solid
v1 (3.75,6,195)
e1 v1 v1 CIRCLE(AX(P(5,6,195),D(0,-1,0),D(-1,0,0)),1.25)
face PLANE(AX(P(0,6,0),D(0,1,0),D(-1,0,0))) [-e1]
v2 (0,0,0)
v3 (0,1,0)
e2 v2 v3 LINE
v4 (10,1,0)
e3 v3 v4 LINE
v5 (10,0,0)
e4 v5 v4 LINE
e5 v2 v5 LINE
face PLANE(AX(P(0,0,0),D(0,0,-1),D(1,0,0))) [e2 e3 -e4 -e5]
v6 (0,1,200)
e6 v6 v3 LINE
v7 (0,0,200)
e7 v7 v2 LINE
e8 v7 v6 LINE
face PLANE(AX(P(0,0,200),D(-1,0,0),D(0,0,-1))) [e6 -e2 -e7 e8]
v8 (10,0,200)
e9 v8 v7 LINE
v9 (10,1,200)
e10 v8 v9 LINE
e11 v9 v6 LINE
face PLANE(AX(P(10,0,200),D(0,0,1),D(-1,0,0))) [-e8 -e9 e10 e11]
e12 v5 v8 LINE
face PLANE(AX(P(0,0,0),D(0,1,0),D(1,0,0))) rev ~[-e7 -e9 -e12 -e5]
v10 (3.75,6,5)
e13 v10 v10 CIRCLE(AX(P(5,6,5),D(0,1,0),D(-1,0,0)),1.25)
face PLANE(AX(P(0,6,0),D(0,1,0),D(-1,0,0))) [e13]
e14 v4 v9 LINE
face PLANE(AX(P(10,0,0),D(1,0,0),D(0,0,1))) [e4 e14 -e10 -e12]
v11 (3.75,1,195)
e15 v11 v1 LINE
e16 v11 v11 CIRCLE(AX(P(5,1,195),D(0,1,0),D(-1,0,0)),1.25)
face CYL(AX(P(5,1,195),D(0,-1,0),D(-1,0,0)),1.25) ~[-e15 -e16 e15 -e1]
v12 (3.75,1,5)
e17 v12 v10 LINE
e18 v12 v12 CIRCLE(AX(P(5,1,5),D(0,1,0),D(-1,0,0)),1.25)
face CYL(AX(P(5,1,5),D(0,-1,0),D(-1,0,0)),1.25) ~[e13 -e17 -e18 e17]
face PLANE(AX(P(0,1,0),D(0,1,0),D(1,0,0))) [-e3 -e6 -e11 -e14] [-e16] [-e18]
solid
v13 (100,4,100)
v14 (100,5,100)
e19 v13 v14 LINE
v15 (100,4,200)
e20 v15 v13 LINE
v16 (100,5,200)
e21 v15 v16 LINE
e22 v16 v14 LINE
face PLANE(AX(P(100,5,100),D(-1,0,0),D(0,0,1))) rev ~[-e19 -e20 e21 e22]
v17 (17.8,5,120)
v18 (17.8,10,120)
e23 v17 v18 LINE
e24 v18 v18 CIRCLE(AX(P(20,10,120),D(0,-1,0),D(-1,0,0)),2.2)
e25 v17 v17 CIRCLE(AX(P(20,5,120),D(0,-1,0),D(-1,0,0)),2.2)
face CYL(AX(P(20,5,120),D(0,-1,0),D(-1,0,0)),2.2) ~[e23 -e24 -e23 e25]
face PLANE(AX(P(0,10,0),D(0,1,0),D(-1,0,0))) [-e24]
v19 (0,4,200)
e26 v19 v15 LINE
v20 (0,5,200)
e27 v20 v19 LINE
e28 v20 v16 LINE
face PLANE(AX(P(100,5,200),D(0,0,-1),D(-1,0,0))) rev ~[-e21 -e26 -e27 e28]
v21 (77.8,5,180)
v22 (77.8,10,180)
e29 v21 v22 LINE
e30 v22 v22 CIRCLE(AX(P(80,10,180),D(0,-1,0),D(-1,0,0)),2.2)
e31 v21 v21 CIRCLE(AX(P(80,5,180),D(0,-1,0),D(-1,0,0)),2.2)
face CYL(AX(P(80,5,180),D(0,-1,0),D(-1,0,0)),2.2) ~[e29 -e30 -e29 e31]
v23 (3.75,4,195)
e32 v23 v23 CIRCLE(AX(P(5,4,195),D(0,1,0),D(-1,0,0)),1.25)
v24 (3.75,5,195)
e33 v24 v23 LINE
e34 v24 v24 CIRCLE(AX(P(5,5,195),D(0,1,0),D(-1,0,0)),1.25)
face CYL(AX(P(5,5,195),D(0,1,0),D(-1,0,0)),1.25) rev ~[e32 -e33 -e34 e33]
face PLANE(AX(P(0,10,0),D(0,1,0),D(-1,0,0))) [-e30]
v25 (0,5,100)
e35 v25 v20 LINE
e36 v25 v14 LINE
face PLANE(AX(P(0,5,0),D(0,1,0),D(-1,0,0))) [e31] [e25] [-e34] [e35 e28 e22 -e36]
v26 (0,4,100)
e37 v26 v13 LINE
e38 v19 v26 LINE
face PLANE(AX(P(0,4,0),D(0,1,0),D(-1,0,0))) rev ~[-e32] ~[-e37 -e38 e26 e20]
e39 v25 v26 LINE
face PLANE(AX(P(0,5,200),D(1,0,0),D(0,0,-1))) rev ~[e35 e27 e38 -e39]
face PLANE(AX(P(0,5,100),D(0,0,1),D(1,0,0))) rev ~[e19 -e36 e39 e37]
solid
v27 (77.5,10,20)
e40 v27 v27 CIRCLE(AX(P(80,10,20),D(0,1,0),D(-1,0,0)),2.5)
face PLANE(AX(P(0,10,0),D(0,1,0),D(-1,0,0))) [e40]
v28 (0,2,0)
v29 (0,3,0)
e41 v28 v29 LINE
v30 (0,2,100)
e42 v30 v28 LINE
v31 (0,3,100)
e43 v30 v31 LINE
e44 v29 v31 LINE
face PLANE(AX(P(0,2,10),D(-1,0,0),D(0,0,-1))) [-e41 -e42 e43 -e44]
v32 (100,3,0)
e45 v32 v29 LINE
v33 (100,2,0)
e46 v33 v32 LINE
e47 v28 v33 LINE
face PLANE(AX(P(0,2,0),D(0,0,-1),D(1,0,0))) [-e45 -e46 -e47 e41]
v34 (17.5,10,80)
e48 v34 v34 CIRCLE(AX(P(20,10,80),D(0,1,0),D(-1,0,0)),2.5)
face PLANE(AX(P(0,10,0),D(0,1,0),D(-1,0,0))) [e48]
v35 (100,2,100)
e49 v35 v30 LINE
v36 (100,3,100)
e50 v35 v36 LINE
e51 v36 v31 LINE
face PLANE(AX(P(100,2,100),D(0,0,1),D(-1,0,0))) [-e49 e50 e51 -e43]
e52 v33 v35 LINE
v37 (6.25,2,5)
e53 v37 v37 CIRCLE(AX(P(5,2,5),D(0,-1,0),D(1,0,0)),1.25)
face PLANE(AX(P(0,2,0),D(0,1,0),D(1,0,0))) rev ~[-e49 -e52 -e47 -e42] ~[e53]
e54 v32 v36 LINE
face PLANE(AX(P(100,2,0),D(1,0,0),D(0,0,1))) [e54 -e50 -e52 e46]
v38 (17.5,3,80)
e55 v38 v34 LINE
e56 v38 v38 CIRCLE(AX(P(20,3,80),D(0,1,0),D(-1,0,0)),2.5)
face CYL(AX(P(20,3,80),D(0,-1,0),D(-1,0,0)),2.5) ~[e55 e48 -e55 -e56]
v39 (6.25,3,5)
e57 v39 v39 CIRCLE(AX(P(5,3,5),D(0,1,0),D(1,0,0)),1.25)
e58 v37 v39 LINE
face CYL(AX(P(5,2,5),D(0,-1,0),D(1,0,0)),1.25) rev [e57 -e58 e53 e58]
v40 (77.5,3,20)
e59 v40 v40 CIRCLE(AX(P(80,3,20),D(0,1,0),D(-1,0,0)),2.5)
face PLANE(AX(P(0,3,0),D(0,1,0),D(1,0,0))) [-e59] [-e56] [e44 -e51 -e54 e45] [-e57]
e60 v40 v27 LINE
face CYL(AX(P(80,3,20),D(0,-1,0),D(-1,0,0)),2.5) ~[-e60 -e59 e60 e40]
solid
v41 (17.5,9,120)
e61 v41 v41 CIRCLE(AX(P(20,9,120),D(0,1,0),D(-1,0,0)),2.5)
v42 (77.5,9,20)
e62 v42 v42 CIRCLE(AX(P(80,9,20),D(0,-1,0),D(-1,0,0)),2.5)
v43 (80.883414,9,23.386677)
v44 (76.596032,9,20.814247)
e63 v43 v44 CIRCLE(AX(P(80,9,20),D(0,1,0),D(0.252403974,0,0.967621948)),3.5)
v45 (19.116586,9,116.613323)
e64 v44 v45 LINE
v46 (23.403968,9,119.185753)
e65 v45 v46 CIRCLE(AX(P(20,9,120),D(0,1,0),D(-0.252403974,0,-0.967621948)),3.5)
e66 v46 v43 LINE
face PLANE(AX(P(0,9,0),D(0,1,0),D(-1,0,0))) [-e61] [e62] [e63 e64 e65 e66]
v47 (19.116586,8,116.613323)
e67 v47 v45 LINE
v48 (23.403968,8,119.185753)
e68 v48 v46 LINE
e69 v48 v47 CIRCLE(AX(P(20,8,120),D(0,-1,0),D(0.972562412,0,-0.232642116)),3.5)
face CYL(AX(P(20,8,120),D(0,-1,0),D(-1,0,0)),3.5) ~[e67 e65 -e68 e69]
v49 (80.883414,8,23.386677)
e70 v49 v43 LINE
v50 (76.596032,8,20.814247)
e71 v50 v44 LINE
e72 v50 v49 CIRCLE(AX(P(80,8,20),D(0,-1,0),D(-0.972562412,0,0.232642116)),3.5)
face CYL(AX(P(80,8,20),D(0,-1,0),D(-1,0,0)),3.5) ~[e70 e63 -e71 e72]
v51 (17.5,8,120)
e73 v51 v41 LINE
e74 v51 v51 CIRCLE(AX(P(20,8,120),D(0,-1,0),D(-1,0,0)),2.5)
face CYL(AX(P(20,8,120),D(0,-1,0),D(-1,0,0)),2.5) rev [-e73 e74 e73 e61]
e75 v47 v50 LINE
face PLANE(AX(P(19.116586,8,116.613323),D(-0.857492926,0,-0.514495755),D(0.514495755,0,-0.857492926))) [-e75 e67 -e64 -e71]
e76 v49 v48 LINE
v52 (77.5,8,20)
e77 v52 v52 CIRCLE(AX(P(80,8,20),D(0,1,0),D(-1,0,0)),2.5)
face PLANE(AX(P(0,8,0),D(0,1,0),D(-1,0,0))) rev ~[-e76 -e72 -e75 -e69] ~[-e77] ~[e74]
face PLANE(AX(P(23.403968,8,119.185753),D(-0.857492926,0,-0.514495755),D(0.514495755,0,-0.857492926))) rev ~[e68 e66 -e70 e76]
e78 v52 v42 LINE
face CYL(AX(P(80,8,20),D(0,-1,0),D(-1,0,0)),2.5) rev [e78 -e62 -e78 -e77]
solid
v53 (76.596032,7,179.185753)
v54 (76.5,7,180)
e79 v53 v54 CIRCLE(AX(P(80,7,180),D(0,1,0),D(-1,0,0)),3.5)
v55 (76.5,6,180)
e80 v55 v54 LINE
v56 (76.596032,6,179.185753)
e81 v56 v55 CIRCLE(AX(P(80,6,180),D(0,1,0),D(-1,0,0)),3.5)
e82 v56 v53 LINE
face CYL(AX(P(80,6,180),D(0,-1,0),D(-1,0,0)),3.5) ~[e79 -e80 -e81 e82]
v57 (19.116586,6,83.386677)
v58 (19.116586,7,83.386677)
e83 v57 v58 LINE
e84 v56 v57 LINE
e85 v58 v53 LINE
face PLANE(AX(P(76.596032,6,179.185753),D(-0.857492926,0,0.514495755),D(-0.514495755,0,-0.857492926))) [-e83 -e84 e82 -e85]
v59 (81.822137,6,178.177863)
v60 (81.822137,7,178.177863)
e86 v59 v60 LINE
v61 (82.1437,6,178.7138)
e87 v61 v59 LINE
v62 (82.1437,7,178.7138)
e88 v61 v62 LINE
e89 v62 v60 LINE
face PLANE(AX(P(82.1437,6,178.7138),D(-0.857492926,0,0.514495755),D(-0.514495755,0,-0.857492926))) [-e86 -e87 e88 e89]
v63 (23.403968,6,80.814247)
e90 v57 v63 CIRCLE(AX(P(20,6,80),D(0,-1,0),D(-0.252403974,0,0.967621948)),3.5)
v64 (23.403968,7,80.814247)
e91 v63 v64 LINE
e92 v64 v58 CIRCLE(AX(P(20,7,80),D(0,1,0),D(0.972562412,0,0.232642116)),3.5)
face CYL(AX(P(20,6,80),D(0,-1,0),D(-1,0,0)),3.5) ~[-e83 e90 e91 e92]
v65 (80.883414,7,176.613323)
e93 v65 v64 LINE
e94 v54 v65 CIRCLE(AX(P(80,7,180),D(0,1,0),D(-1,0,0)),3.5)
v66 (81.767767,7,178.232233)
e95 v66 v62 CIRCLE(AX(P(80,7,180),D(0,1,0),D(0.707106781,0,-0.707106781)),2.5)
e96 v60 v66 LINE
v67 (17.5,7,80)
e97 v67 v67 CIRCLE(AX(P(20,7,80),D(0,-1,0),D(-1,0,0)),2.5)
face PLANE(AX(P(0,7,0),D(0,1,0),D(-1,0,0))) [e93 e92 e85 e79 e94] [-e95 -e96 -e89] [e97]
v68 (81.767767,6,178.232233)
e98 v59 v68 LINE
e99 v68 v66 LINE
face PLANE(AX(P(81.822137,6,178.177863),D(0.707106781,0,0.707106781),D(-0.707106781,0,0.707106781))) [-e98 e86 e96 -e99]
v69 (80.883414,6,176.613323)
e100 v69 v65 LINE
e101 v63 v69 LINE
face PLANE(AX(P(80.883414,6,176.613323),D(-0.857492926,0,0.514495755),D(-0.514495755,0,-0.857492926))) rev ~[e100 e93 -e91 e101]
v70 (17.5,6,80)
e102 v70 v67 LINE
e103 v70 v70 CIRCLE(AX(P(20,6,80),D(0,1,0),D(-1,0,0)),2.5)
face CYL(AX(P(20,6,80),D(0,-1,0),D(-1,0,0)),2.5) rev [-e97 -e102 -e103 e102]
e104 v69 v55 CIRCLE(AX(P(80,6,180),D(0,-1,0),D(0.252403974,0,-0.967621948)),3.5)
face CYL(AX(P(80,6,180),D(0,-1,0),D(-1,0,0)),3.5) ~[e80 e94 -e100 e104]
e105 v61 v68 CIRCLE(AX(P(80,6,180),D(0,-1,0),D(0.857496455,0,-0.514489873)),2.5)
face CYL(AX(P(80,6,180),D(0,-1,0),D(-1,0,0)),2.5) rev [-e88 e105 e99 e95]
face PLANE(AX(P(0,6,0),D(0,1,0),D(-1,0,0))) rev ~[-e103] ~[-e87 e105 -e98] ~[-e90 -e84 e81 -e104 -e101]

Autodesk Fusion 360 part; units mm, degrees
sketch "frame" plane through (0, 0, 0) normal (0, 1, 0) x (1, 0, 0) in component "frame"
  line L0 (0, 0) -> (10, 0)
  line L1 (10, 0) -> (10, -200)
  line L2 (10, -200) -> (0, -200)
  line L3 (0, -200) -> (0, 0)
  dimension "d1" = 10
  dimension "d2" = 200
extrude "Extrude1" add sketch "frame" along normal blind 1 makes body 1 in component "frame"
sketch "frame pins" plane through (0, 1, 0) normal (0, 1, 0) x (-1, 0, 0) in component "frame"
  line L0 (0, 200) -> (-10, 200)
  line L1 (-10, 200) -> (-10, 0)
  line L2 (-10, 0) -> (0, 0)
  line L3 (0, 0) -> (0, 200)
  circle A0 centre (-5, 5) radius 1.25
  line L4 (-10, 0) -> (0, 0)
  line L5 (0, 0) -> (0, 10)
  line L6 (0, 10) -> (-10, 10)
  line L7 (-10, 10) -> (-10, 0)
  line L8 (-10, 200) -> (0, 200)
  line L9 (0, 200) -> (0, 190)
  line L10 (0, 190) -> (-10, 190)
  line L11 (-10, 190) -> (-10, 200)
  line L12 (-10, 200) -> (0, 190)
  circle A1 centre (-5, 195) radius 1.25
  dimension "d5" = 2.5
  dimension "d6" = 2.5
extrude "Extrude2" add sketch "frame pins" along normal blind 5 contours L12 A1 | L12 A1 | A0 bodies 1 in component "frame"
sketch "lower door" plane through (0, 0, 0) normal (0, 1, 0) x (1, 0, 0) in component "lower door"
  line L0 (0, 0) -> (100, 0)
  line L1 (100, 0) -> (100, -100)
  line L2 (100, -100) -> (0, -100)
  line L3 (0, -100) -> (0, 0)
  line L4 (10, -10) -> (0, -10)
  line L5 (0, -10) -> (0, 0)
  line L6 (0, 0) -> (10, 0)
  line L7 (10, 0) -> (10, -10)
  line L8 (10, -10) -> (0, 0)
  circle A0 centre (5, -5) radius 1.25
  dimension "d9" = 100
  dimension "d10" = 100
  dimension "d11" = 2.5
extrude "Extrude1'" add sketch "lower door" along normal blind 3 and the other way blind -2 separate body contours L3 L4 L5 L8 A0 | L0 L6 L7 L8 A0 | L0 L1 L2 L3 L4 L7 makes body 2 in component "lower door"
sketch "upper door" plane through (0, 6, 0) normal (0, 1, 0) x (-1, 0, 0) in component "upper_door"
  circle A0 centre (-5, 5) radius 1.25
  line L0 (-100, 200) -> (0, 200)
  line L1 (0, 200) -> (0, 100)
  line L2 (0, 100) -> (-100, 100)
  line L3 (-100, 100) -> (-100, 200)
  line L4 (0, 200) -> (-10, 200)
  line L5 (-10, 200) -> (-10, 190)
  line L6 (-10, 190) -> (0, 190)
  line L7 (0, 190) -> (0, 200)
  line L8 (-10, 200) -> (0, 190)
  circle A1 centre (-5, 195) radius 1.25
  dimension "d16" = 2.5
extrude "Extrude1''" add sketch "upper door" along normal blind -2 and the other way blind 1 separate body contours L0 L1 L2 L3 L5 L6 | L5 L6 L8 A1 | L0 L1 L4 L7 L8 A1 makes body 3 in component "upper_door"
sketch "lower door pins" plane through (0, 3, 0) normal (0, 1, 0) x (-1, 0, 0) in component "lower door"
  circle A0 centre (-5, 5) radius 1.25
  line L0 (0, 0) -> (0, 100)
  line L1 (0, 100) -> (-100, 100)
  line L2 (-100, 100) -> (-100, 0)
  line L3 (-100, 0) -> (0, 0)
  line L4 (-100, 0) -> (-60, 0)
  line L5 (-60, 0) -> (-60, 40)
  line L6 (-60, 40) -> (-100, 40)
  line L7 (-100, 40) -> (-100, 0)
  circle A1 centre (-80, 20) radius 2.5
  line L8 (0, 100) -> (-40, 100)
  line L9 (-40, 100) -> (-40, 60)
  line L10 (-40, 60) -> (0, 60)
  line L11 (0, 60) -> (0, 100)
  circle A2 centre (-20, 80) radius 2.5
  dimension "d21" = 40
  dimension "d22" = 40
  dimension "d23" = 5
  dimension "d24" = 40
  dimension "d25" = 40
  dimension "d26" = 5
extrude "Extrude2'" add sketch "lower door pins" along normal blind 7 contours A1 | A2 bodies 2 in component "lower door"
sketch "upper door pins" plane through (0, 5, 0) normal (0, 1, 0) x (-1, 0, 0) in component "upper_door"
  circle A0 centre (-5, 195) radius 1.25
  line L0 (0, 100) -> (0, 200)
  line L1 (0, 200) -> (-100, 200)
  line L2 (-100, 200) -> (-100, 100)
  line L3 (-100, 100) -> (0, 100)
  line L4 (-100, 200) -> (-60, 200)
  line L5 (-60, 200) -> (-60, 160)
  line L6 (-60, 160) -> (-100, 160)
  line L7 (-100, 160) -> (-100, 200)
  line L8 (0, 100) -> (-40, 100)
  line L9 (-40, 100) -> (-40, 140)
  line L10 (-40, 140) -> (0, 140)
  line L11 (0, 140) -> (0, 100)
  circle A1 centre (-80, 180) radius 2.5
  circle A2 centre (-20, 120) radius 2.5
  dimension "d29" = 40
  dimension "d30" = 40
  dimension "d31" = 40
  dimension "d32" = 40
  dimension "d33" = 5
  dimension "d34" = 5
extrude "Extrude2''" add sketch "upper door pins" along normal blind 5 contours A1 | A2 bodies 3 in component "upper_door"
sketch "rod" plane through (0, 5, 0) normal (0, 1, 0) x (-1, 0, 0) in component "first_rod"
  circle A0 centre (-80, 180) radius 2.5
  circle A1 centre (-20, 120) radius 2.5
  circle A2 centre (-5, 195) radius 1.25
  line L0 (0, 100) -> (0, 200)
  line L1 (0, 200) -> (-100, 200)
  line L2 (-100, 200) -> (-100, 100)
  line L3 (-100, 100) -> (0, 100)
  line L4 (-100, 200) -> (-60, 200)
  line L5 (-60, 200) -> (-60, 160)
  line L6 (-60, 160) -> (-100, 160)
  line L7 (-100, 160) -> (-100, 200)
  line L8 (0, 100) -> (-40, 100)
  line L9 (-100, 160) -> (-60, 200)
  circle A3 centre (-80, 180) radius 2.5
  line L10 (-40, 100) -> (0, 100)
  line L11 (0, 100) -> (0, 60)
  line L12 (0, 60) -> (-40, 60)
  line L13 (-40, 60) -> (-40, 100)
  line L14 (-40, 100) -> (0, 60)
  circle A4 centre (-20, 80) radius 2.5
  line L15 (-20, 80) -> (-18.2322, 81.7678)
  line L16 (-82.1437, 178.7138) -> (-22.1437, 78.7138)
  line L17 (-77.8563, 181.2862) -> (-17.8563, 81.2862)
  circle A5 centre (-80, 180) radius 3.5
  circle A6 centre (-20, 80) radius 3.5
  line L18 (-80, 180) -> (-32, 100)
  line L19 (-21.8007, 83.0012) -> (-20, 80)
  dimension "d37" = 40
  dimension "d38" = 40
  dimension "d39" = 40
  dimension "d41" = 40
  dimension "d42" = 40
  dimension "d43" = 5
  dimension "d46" = 1
  dimension "d47" = 1
extrude "Extrude1'''" add sketch "rod" along normal blind 2 and the other way blind -1 separate body contours A0 A3 L17 A5 L18 | A0 L9 A3 L17 A5 | A0 L9 A3 L16 A5 L18 | A0 L9 A3 L16 A5 | L6 L17 A5 L18 | L6 L16 A5 L18 | L3 L6 L8 L10 L17 L18 | L9 L16 A5 | L3 L6 L8 L10 L16 L18 | L3 L8 L10 L14 L16 L17 A6 | L14 A4 L17 A6 | A4 L17 A6 L19 | L14 A4 A6 L19 | L14 L16 A6 | L14 A4 L16 A6 | L14 A4 L16 A6 makes body 4 in component "first_rod"
move_face "OffsetFaces1" offset -0.3 2 faces at (22.3492, 8.3333, 119.1449) (77.5773, 8.3333, 180.6169) on bodies 3 in component "upper_door"
sketch "rod (2)" plane through (0, 5, 0) normal (0, 1, 0) x (-1, 0, 0) in component "second_rod"
  circle A0 centre (-80, 180) radius 2.2
  circle A1 centre (-20, 120) radius 2.2
  circle A2 centre (-5, 195) radius 1.25
  line L0 (0, 100) -> (0, 200)
  line L1 (0, 200) -> (-100, 200)
  line L2 (-100, 200) -> (-100, 100)
  line L3 (-100, 100) -> (0, 100)
  line L4 (0, 100) -> (-40, 100)
  line L5 (-40, 100) -> (-40, 140)
  line L6 (-40, 140) -> (0, 140)
  line L7 (0, 140) -> (0, 100)
  line L8 (-100, 0) -> (-60, 0)
  line L9 (-60, 0) -> (-60, 40)
  line L10 (-60, 40) -> (-100, 40)
  line L11 (-100, 40) -> (-100, 0)
  circle A3 centre (-80, 20) radius 2.5
  circle A4 centre (-20, 120) radius 2.5
  line L12 (-20, 120) -> (-80, 20)
  line L13 (-22.1437, 121.2862) -> (-82.1437, 21.2862)
  line L14 (-17.8563, 118.7138) -> (-77.8563, 18.7138)
  circle A5 centre (-80, 20) radius 3.5
  circle A6 centre (-20, 120) radius 3.5
  dimension "d54" = 40
  dimension "d55" = 40
  dimension "d56" = 40
  dimension "d57" = 40
  dimension "d58" = 5
  dimension "d59" = 5
  dimension "d60" = 2.5
  dimension "d61" = -2.5
  dimension "d62" = 1
  dimension "d63" = 1
extrude "Extrude1''''" add sketch "rod (2)" along normal blind 4 and the other way blind -3 separate body contours A4 L12 L14 A6 | A4 L12 L13 A6 | A4 L13 L14 A6 | L3 L4 L12 L14 A6 | L3 L4 L12 L13 A6 | L3 L4 L10 L12 L13 | L3 L4 L10 L12 L14 | L10 L12 L13 A5 | L10 L12 L14 A5 | A3 L12 L14 A5 | A3 L12 L13 A5 | A3 L13 L14 A5 makes body 5 in component "second_rod"
component "frame" placed x (1, 0, 0) y (0, 1, 0) z (0, 0, 1) at (0, 0, 0)
component "lower door" placed x (1, 0, 0) y (0, 1, 0) z (0, 0, 1) at (0, 0, 0)
component "upper_door" placed x (1, 0, 0) y (0, 1, 0) z (0, 0, 1) at (0, 0, 0)
component "first_rod" placed x (1, 0, 0) y (0, 1, 0) z (0, 0, 1) at (0, 0, 0)
component "second_rod" placed x (1, 0, 0) y (0, 1, 0) z (0, 0, 1) at (0, 0, 0)
